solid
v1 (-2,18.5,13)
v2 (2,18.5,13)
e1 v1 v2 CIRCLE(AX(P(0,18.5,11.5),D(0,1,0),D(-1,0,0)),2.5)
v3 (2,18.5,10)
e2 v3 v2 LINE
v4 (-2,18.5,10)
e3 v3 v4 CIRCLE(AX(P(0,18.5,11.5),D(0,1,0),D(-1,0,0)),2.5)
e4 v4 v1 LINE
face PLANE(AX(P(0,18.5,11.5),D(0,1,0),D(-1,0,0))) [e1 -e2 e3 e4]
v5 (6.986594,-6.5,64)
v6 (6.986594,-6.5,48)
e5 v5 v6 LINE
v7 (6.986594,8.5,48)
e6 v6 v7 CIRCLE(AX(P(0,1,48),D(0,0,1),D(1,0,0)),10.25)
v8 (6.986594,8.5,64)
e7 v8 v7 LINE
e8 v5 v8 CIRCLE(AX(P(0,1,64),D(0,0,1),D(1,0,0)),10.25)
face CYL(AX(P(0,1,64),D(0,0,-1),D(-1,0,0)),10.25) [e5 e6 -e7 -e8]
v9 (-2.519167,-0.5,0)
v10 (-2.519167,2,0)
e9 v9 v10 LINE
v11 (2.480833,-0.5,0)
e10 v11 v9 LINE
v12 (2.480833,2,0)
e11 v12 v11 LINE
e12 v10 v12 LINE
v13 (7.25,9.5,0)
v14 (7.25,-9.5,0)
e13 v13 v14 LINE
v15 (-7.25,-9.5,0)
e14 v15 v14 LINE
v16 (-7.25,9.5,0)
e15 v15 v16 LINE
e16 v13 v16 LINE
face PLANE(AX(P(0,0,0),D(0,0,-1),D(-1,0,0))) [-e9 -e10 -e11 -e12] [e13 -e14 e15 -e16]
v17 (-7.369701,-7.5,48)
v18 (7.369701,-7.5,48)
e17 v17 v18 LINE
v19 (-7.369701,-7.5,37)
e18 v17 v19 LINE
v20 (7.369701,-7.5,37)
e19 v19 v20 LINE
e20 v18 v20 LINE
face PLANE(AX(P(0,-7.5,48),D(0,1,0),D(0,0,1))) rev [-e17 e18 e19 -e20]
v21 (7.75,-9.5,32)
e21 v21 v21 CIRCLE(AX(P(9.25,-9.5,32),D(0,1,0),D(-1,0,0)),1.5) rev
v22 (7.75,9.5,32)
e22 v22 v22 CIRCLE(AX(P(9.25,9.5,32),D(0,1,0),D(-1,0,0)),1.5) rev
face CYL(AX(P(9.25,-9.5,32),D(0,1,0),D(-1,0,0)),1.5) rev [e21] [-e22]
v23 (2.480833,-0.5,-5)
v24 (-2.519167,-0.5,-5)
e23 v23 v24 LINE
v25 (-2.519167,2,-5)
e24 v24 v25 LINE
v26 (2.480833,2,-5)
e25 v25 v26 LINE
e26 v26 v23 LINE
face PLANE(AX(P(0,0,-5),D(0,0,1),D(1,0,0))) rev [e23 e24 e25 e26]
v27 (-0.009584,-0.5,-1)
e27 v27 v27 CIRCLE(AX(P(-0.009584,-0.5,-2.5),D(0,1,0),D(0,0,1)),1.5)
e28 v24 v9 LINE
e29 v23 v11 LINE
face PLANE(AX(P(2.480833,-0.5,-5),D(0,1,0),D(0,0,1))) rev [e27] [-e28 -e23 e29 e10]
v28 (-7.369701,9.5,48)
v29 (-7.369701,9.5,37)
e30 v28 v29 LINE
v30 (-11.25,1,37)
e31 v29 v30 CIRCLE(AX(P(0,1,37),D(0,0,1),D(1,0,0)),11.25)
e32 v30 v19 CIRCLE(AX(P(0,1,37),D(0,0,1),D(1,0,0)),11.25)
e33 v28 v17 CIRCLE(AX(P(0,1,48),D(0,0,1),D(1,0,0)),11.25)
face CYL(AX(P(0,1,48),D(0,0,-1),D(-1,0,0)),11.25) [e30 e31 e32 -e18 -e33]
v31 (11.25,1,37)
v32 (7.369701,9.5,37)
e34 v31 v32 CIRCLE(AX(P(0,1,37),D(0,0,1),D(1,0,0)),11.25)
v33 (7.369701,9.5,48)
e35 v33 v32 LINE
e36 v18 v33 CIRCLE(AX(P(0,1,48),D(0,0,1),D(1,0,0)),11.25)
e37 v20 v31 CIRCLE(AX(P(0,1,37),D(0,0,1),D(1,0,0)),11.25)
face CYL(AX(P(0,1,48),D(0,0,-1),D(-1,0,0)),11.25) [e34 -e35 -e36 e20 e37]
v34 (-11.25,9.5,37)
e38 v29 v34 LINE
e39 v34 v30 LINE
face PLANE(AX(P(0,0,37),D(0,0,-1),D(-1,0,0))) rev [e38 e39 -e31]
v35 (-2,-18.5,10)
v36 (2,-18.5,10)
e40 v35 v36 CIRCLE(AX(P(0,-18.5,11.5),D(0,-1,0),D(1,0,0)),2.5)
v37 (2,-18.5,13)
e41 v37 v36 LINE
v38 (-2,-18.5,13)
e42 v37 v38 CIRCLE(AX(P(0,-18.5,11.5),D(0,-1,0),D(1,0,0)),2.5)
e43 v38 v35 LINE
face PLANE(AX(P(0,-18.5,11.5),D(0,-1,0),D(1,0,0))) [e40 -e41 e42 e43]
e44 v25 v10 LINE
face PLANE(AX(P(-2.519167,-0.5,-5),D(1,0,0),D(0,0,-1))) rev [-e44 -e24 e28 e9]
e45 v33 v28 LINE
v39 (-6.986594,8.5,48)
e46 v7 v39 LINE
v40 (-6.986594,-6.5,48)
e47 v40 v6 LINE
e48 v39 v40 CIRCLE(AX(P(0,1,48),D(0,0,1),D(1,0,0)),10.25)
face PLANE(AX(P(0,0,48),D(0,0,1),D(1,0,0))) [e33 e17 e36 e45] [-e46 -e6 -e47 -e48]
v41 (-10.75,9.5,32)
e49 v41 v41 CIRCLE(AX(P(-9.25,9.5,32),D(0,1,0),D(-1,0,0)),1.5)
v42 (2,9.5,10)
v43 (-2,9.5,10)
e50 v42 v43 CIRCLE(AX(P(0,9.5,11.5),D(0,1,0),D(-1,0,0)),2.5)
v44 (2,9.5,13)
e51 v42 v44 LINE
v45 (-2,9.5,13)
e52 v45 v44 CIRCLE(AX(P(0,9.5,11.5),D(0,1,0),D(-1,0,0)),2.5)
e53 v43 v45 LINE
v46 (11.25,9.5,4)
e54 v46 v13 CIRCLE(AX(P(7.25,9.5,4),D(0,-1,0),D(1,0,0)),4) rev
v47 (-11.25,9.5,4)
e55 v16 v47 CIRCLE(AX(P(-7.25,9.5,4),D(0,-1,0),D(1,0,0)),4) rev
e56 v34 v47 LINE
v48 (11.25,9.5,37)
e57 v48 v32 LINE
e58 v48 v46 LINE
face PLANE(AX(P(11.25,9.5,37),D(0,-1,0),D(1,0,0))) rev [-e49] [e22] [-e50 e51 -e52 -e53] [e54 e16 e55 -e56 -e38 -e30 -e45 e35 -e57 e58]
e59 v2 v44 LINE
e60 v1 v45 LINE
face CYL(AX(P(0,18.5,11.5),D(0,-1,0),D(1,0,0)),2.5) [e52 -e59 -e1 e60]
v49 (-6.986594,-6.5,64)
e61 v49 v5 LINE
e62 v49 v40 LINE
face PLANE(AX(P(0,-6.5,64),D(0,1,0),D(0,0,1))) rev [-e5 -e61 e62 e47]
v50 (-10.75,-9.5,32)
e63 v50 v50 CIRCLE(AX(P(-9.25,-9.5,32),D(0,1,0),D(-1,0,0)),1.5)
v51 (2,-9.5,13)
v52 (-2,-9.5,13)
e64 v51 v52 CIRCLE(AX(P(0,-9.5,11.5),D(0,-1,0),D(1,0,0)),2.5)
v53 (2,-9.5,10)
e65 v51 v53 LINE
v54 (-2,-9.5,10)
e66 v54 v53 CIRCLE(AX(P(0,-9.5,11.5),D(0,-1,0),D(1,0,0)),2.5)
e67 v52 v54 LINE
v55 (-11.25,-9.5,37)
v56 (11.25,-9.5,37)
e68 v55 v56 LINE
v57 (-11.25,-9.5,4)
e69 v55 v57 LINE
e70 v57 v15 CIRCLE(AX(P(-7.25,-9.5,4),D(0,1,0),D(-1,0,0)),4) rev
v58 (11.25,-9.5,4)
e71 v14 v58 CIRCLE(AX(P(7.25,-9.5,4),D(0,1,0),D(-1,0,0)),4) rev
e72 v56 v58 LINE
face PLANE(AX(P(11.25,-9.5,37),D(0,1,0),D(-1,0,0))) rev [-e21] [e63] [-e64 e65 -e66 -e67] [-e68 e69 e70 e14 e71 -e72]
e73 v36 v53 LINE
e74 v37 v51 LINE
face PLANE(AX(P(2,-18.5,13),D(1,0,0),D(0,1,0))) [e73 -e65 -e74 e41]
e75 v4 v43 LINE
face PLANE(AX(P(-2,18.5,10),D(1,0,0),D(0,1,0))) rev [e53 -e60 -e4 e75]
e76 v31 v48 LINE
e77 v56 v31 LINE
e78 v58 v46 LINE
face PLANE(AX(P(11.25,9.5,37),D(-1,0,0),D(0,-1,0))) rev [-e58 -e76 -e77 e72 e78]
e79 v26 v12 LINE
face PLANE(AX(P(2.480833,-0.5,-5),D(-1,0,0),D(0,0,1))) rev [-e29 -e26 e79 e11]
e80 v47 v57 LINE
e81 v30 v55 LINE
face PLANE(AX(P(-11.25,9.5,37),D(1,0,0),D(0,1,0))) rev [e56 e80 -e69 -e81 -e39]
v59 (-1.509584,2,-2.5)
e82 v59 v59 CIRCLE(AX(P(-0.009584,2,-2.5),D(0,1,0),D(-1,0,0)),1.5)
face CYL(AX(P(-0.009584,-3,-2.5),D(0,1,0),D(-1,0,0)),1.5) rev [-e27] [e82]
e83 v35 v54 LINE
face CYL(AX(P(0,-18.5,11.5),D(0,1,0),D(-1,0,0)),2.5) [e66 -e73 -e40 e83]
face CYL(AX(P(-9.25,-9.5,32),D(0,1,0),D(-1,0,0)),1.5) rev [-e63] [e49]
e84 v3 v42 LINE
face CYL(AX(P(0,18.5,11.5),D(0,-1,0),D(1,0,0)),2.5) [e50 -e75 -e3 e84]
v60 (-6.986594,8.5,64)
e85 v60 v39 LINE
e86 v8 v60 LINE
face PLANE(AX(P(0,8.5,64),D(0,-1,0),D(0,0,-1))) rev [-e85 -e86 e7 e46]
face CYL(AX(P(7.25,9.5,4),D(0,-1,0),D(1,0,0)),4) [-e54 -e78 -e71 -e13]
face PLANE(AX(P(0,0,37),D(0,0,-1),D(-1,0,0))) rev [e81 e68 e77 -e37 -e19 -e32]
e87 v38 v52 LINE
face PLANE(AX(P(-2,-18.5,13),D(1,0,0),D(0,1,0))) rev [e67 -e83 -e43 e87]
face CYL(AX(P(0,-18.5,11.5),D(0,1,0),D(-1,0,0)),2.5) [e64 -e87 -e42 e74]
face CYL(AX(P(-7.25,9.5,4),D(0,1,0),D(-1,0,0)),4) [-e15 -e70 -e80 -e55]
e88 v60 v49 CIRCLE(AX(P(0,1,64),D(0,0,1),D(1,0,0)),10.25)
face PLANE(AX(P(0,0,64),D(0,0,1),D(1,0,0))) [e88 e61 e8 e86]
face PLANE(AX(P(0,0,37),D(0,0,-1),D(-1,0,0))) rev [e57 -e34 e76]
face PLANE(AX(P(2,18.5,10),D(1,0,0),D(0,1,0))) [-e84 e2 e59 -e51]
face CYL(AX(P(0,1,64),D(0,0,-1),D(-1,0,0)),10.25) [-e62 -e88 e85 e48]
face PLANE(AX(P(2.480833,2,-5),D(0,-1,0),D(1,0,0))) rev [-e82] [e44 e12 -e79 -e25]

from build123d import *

# Parameters (mm, degrees)
SKETCH1_W           = 22.5
SKETCH1_H           = 19
BOSS_EXTRUDE1_DEPTH = 37
BOSS_EXTRUDE2_DEPTH = 11
BOSS_EXTRUDE3_DEPTH = 16
FILLET1_R           = 4
SKETCH6_W           = 5
SKETCH6_H           = 2.5
BOSS_EXTRUDE4_DEPTH = 5
SKETCH7_R           = 1.5
CUT_EXTRUDE1_DEPTH  = 5
SKETCH5_R           = 1.5
CUT_EXTRUDE3_DEPTH  = 19
BOSS_EXTRUDE5_DEPTH = 9
BOSS_EXTRUDE6_START = 9
BOSS_EXTRUDE6_DEPTH = 9


with BuildPart() as part:
    # Sketch1 → Boss-Extrude1 (new body)
    with BuildSketch(Plane.XY):
        Rectangle(SKETCH1_W, SKETCH1_H)
    extrude(amount=BOSS_EXTRUDE1_DEPTH)

    # Sketch3 → Boss-Extrude2 (add)
    with BuildSketch(Plane.XY.offset(37)):
        with BuildLine():
            ThreePointArc((-7.369701486, 9.5), (-11.25, 1), (-7.369701486, -7.5))
            Line((-7.369701486, -7.5), (7.369701486, -7.5))
            ThreePointArc((7.369701486, -7.5), (11.25, 1), (7.369701486, 9.5))
            Line((7.369701486, 9.5), (-7.369701486, 9.5))
        make_face()
    extrude(amount=BOSS_EXTRUDE2_DEPTH)

    # Sketch4 → Boss-Extrude3 (add)
    with BuildSketch(Plane.XY.offset(48)):
        with BuildLine():
            Line((5.23171695, 8.5), (-2.076174526, 8.5))
            Line((-2.076174526, 8.5), (-6.986594306, 8.5))
            ThreePointArc((-6.986594306, 8.5), (-10.25, 1), (-6.986594306, -6.5))
            Line((-6.986594306, -6.5), (-5.941237129, -6.5))
            Line((-5.941237129, -6.5), (4.647085632, -6.5))
            Line((4.647085632, -6.5), (6.986594306, -6.5))
            ThreePointArc((6.986594306, -6.5), (10.25, 1), (6.986594306, 8.5))
            Line((6.986594306, 8.5), (5.23171695, 8.5))
        make_face()
    extrude(amount=BOSS_EXTRUDE3_DEPTH)

    # Fillet1
    fillet1_edges = [part.edges().sort_by_distance(p)[0] for p in [
        (11.25, 0, 0),
        (-11.25, 0, 0),
    ]]
    fillet(fillet1_edges, radius=FILLET1_R)

    # Sketch6 → Boss-Extrude4 (add)
    with BuildSketch(Plane(origin=(0, 0, 0), x_dir=(-1, 0, 0), z_dir=(0, 0, -1))):
        with Locations((0.019167068, 0.75)):
            Rectangle(SKETCH6_W, SKETCH6_H)
    extrude(amount=BOSS_EXTRUDE4_DEPTH)

    # Sketch7 → Cut-Extrude1 (cut)
    with BuildSketch(Plane(origin=(0, 2, 0), x_dir=(1, 0, 0), z_dir=(0, 1, 0))):
        with Locations((-0.009583534, 2.5)):
            Circle(SKETCH7_R)
    extrude(amount=-CUT_EXTRUDE1_DEPTH, mode=Mode.SUBTRACT)

    # Sketch5 → Cut-Extrude3 (cut)
    with BuildSketch(Plane(origin=(0, 9.5, 0), x_dir=(1, 0, 0), z_dir=(0, 1, 0))):
        with Locations((-9.25, -32)):
            Circle(SKETCH5_R)
        with Locations((9.25, -32)):
            Circle(SKETCH5_R)
    extrude(amount=-CUT_EXTRUDE3_DEPTH, mode=Mode.SUBTRACT)

    # Sketch5<5> → Boss-Extrude5 (add)
    with BuildSketch(Plane(origin=(0, 9.5, 0), x_dir=(1, 0, 0), z_dir=(0, 1, 0))):
        with BuildLine():
            Line((-2, -10), (-2, -13))
            ThreePointArc((-2, -13), (0, -14), (2, -13))
            Line((2, -13), (2, -10))
            ThreePointArc((2, -10), (0, -9), (-2, -10))
        make_face()
    extrude(amount=BOSS_EXTRUDE5_DEPTH)

    # Sketch8 → Boss-Extrude6 (add)
    with BuildSketch(Plane.XZ.offset(9.5).offset(BOSS_EXTRUDE6_START)):
        with BuildLine():
            Line((-2, 13), (-2, 10))
            ThreePointArc((-2, 10), (0, 9), (2, 10))
            Line((2, 10), (2, 13))
            ThreePointArc((2, 13), (0, 14), (-2, 13))
        make_face()
    extrude(amount=-BOSS_EXTRUDE6_DEPTH)


solid = part.part
